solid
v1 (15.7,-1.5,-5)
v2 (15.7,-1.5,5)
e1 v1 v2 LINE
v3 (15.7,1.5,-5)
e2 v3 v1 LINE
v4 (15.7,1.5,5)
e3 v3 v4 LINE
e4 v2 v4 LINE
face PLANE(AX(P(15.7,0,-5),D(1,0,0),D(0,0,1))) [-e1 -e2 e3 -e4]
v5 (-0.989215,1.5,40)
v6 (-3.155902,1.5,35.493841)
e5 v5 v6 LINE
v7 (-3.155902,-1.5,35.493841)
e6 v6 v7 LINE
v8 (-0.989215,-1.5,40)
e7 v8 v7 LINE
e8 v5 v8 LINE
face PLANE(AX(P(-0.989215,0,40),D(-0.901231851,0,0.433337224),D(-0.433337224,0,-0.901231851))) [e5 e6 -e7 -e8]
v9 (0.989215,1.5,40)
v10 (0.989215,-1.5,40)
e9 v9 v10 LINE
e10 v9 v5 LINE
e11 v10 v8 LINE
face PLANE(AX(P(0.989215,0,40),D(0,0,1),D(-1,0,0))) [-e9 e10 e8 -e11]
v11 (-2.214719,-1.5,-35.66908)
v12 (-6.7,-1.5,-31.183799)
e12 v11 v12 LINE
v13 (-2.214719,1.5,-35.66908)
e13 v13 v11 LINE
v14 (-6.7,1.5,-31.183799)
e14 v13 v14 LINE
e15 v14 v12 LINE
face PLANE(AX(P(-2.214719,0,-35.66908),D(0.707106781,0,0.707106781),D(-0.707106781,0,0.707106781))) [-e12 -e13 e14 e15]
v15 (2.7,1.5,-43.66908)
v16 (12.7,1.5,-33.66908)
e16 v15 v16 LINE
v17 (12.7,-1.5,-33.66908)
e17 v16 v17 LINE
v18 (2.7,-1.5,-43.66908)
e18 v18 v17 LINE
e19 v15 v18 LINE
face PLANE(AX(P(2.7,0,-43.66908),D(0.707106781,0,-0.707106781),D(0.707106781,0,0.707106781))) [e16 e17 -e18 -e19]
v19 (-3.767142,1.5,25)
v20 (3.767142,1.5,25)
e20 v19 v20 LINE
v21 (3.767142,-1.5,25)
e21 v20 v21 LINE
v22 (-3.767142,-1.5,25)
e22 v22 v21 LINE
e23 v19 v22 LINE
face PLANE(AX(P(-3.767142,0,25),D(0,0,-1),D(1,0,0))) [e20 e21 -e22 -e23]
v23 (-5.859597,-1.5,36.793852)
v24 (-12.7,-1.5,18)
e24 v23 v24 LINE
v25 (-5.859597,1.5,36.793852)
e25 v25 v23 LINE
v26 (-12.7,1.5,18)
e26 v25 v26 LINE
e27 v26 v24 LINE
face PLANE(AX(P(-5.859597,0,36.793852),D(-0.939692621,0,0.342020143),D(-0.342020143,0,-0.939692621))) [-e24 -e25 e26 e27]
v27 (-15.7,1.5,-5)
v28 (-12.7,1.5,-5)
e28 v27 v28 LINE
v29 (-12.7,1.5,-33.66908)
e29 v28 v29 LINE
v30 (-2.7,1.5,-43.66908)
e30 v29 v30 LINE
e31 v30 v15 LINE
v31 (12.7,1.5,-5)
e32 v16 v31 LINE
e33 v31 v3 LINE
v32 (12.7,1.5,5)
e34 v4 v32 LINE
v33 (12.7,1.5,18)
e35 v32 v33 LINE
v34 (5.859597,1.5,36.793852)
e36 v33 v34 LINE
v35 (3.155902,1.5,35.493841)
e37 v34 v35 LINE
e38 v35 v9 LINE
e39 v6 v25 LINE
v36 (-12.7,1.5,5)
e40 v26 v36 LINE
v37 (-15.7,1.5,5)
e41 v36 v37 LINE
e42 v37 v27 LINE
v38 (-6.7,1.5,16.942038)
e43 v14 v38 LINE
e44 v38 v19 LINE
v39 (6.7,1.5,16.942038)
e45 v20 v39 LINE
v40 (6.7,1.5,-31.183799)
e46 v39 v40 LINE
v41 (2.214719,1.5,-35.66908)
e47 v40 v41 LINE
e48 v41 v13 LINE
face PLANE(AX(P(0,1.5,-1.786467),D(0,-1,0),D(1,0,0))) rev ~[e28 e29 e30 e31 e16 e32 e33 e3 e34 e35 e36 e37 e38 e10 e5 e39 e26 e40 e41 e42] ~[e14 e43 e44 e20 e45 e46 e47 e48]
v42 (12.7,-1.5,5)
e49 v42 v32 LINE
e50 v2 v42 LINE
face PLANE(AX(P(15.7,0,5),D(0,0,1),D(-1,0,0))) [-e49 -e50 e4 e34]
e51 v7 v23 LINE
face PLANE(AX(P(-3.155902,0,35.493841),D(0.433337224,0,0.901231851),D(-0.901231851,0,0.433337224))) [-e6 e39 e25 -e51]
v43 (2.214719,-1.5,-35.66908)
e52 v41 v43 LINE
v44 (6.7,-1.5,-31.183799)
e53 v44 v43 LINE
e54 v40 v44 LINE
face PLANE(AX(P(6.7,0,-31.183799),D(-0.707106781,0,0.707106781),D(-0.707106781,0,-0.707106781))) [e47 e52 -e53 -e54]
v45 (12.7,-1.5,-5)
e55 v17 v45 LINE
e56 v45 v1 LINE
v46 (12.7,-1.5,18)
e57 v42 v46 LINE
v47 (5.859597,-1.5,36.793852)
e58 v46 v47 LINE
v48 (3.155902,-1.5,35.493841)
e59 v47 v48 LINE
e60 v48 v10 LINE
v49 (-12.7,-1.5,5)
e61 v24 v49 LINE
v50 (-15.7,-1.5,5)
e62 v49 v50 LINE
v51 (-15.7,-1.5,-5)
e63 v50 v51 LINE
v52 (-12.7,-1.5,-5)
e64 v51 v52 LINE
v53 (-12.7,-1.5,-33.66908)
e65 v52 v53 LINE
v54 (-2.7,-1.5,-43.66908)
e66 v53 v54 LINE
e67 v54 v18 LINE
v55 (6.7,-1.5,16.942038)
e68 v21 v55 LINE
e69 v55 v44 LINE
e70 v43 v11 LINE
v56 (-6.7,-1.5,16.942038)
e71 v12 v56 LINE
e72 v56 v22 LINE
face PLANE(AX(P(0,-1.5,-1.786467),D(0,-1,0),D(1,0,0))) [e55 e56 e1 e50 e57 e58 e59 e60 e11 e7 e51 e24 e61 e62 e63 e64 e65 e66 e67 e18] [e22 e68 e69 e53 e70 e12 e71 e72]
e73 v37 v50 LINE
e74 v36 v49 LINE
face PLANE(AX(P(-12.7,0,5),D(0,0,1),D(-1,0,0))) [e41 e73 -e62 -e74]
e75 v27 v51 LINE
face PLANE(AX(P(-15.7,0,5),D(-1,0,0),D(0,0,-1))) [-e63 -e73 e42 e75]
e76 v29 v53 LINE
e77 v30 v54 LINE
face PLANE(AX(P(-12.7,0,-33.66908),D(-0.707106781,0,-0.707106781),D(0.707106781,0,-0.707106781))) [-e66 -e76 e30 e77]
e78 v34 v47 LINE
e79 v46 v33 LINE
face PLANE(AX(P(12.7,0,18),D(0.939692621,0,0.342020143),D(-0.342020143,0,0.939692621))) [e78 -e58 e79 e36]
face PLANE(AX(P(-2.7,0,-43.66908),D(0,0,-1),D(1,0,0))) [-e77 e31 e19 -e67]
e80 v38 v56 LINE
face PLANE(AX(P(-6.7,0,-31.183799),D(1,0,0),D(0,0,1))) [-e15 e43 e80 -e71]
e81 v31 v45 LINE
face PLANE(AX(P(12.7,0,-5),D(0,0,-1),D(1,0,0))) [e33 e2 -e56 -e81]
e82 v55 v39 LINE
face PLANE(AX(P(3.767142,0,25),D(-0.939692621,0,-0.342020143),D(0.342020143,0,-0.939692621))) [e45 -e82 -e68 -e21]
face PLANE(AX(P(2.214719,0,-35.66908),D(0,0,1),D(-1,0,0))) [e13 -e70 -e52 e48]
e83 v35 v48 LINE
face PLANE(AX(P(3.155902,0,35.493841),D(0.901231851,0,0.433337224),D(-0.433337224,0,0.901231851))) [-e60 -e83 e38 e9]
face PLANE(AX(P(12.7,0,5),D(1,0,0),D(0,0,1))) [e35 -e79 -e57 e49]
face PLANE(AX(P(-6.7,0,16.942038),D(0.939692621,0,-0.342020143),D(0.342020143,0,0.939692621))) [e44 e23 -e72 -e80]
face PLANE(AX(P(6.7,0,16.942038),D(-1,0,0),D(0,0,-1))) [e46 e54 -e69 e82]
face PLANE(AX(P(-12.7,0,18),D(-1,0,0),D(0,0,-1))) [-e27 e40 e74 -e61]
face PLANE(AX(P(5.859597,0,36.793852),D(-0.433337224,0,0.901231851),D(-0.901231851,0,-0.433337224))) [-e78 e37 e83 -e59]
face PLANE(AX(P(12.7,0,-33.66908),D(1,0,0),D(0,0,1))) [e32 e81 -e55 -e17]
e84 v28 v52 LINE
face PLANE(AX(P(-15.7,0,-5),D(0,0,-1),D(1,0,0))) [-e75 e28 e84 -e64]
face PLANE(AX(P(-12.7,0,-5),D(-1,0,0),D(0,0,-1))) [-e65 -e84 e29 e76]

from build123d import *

# Parameters (mm, degrees)
F1_DEPTH = 1.5


with BuildPart() as f1:
    # F0 (on Front) → F1 (new body, symmetric)
    with BuildSketch(Plane.XZ):
        Polygon((12.7, 18), (5.8595971335, 36.7938524157), (3.1559015792, 35.4938407428), (0.9892154577, 40), (0, 40), (-0.9892154577, 40), (-3.1559015792, 35.4938407428), (-5.8595971335, 36.7938524157), (-12.7, 18), (-12.7, 5), (-15.7, 5), (-15.7, -5), (-12.7, -5), (-12.7, -33.66908), (-2.7, -43.66908), (0, -43.66908), (2.7, -43.66908), (12.7, -33.66908), (12.7, -5), (15.7, -5), (15.7, 5), (12.7, 5), align=None)
        Polygon((6.7, -31.1837986258), (2.2147186258, -35.66908), (-2.2147186258, -35.66908), (-6.7, -31.1837986258), (-6.7, -5), (-6.7, 5), (-6.7, 16.9420381157), (-3.7671417253, 25), (3.7671417253, 25), (6.7, 16.9420381157), (6.7, 5.483887788), (6.7, -4.516112212), align=None, mode=Mode.SUBTRACT)
    extrude(amount=F1_DEPTH, both=True)


solid = f1.part
